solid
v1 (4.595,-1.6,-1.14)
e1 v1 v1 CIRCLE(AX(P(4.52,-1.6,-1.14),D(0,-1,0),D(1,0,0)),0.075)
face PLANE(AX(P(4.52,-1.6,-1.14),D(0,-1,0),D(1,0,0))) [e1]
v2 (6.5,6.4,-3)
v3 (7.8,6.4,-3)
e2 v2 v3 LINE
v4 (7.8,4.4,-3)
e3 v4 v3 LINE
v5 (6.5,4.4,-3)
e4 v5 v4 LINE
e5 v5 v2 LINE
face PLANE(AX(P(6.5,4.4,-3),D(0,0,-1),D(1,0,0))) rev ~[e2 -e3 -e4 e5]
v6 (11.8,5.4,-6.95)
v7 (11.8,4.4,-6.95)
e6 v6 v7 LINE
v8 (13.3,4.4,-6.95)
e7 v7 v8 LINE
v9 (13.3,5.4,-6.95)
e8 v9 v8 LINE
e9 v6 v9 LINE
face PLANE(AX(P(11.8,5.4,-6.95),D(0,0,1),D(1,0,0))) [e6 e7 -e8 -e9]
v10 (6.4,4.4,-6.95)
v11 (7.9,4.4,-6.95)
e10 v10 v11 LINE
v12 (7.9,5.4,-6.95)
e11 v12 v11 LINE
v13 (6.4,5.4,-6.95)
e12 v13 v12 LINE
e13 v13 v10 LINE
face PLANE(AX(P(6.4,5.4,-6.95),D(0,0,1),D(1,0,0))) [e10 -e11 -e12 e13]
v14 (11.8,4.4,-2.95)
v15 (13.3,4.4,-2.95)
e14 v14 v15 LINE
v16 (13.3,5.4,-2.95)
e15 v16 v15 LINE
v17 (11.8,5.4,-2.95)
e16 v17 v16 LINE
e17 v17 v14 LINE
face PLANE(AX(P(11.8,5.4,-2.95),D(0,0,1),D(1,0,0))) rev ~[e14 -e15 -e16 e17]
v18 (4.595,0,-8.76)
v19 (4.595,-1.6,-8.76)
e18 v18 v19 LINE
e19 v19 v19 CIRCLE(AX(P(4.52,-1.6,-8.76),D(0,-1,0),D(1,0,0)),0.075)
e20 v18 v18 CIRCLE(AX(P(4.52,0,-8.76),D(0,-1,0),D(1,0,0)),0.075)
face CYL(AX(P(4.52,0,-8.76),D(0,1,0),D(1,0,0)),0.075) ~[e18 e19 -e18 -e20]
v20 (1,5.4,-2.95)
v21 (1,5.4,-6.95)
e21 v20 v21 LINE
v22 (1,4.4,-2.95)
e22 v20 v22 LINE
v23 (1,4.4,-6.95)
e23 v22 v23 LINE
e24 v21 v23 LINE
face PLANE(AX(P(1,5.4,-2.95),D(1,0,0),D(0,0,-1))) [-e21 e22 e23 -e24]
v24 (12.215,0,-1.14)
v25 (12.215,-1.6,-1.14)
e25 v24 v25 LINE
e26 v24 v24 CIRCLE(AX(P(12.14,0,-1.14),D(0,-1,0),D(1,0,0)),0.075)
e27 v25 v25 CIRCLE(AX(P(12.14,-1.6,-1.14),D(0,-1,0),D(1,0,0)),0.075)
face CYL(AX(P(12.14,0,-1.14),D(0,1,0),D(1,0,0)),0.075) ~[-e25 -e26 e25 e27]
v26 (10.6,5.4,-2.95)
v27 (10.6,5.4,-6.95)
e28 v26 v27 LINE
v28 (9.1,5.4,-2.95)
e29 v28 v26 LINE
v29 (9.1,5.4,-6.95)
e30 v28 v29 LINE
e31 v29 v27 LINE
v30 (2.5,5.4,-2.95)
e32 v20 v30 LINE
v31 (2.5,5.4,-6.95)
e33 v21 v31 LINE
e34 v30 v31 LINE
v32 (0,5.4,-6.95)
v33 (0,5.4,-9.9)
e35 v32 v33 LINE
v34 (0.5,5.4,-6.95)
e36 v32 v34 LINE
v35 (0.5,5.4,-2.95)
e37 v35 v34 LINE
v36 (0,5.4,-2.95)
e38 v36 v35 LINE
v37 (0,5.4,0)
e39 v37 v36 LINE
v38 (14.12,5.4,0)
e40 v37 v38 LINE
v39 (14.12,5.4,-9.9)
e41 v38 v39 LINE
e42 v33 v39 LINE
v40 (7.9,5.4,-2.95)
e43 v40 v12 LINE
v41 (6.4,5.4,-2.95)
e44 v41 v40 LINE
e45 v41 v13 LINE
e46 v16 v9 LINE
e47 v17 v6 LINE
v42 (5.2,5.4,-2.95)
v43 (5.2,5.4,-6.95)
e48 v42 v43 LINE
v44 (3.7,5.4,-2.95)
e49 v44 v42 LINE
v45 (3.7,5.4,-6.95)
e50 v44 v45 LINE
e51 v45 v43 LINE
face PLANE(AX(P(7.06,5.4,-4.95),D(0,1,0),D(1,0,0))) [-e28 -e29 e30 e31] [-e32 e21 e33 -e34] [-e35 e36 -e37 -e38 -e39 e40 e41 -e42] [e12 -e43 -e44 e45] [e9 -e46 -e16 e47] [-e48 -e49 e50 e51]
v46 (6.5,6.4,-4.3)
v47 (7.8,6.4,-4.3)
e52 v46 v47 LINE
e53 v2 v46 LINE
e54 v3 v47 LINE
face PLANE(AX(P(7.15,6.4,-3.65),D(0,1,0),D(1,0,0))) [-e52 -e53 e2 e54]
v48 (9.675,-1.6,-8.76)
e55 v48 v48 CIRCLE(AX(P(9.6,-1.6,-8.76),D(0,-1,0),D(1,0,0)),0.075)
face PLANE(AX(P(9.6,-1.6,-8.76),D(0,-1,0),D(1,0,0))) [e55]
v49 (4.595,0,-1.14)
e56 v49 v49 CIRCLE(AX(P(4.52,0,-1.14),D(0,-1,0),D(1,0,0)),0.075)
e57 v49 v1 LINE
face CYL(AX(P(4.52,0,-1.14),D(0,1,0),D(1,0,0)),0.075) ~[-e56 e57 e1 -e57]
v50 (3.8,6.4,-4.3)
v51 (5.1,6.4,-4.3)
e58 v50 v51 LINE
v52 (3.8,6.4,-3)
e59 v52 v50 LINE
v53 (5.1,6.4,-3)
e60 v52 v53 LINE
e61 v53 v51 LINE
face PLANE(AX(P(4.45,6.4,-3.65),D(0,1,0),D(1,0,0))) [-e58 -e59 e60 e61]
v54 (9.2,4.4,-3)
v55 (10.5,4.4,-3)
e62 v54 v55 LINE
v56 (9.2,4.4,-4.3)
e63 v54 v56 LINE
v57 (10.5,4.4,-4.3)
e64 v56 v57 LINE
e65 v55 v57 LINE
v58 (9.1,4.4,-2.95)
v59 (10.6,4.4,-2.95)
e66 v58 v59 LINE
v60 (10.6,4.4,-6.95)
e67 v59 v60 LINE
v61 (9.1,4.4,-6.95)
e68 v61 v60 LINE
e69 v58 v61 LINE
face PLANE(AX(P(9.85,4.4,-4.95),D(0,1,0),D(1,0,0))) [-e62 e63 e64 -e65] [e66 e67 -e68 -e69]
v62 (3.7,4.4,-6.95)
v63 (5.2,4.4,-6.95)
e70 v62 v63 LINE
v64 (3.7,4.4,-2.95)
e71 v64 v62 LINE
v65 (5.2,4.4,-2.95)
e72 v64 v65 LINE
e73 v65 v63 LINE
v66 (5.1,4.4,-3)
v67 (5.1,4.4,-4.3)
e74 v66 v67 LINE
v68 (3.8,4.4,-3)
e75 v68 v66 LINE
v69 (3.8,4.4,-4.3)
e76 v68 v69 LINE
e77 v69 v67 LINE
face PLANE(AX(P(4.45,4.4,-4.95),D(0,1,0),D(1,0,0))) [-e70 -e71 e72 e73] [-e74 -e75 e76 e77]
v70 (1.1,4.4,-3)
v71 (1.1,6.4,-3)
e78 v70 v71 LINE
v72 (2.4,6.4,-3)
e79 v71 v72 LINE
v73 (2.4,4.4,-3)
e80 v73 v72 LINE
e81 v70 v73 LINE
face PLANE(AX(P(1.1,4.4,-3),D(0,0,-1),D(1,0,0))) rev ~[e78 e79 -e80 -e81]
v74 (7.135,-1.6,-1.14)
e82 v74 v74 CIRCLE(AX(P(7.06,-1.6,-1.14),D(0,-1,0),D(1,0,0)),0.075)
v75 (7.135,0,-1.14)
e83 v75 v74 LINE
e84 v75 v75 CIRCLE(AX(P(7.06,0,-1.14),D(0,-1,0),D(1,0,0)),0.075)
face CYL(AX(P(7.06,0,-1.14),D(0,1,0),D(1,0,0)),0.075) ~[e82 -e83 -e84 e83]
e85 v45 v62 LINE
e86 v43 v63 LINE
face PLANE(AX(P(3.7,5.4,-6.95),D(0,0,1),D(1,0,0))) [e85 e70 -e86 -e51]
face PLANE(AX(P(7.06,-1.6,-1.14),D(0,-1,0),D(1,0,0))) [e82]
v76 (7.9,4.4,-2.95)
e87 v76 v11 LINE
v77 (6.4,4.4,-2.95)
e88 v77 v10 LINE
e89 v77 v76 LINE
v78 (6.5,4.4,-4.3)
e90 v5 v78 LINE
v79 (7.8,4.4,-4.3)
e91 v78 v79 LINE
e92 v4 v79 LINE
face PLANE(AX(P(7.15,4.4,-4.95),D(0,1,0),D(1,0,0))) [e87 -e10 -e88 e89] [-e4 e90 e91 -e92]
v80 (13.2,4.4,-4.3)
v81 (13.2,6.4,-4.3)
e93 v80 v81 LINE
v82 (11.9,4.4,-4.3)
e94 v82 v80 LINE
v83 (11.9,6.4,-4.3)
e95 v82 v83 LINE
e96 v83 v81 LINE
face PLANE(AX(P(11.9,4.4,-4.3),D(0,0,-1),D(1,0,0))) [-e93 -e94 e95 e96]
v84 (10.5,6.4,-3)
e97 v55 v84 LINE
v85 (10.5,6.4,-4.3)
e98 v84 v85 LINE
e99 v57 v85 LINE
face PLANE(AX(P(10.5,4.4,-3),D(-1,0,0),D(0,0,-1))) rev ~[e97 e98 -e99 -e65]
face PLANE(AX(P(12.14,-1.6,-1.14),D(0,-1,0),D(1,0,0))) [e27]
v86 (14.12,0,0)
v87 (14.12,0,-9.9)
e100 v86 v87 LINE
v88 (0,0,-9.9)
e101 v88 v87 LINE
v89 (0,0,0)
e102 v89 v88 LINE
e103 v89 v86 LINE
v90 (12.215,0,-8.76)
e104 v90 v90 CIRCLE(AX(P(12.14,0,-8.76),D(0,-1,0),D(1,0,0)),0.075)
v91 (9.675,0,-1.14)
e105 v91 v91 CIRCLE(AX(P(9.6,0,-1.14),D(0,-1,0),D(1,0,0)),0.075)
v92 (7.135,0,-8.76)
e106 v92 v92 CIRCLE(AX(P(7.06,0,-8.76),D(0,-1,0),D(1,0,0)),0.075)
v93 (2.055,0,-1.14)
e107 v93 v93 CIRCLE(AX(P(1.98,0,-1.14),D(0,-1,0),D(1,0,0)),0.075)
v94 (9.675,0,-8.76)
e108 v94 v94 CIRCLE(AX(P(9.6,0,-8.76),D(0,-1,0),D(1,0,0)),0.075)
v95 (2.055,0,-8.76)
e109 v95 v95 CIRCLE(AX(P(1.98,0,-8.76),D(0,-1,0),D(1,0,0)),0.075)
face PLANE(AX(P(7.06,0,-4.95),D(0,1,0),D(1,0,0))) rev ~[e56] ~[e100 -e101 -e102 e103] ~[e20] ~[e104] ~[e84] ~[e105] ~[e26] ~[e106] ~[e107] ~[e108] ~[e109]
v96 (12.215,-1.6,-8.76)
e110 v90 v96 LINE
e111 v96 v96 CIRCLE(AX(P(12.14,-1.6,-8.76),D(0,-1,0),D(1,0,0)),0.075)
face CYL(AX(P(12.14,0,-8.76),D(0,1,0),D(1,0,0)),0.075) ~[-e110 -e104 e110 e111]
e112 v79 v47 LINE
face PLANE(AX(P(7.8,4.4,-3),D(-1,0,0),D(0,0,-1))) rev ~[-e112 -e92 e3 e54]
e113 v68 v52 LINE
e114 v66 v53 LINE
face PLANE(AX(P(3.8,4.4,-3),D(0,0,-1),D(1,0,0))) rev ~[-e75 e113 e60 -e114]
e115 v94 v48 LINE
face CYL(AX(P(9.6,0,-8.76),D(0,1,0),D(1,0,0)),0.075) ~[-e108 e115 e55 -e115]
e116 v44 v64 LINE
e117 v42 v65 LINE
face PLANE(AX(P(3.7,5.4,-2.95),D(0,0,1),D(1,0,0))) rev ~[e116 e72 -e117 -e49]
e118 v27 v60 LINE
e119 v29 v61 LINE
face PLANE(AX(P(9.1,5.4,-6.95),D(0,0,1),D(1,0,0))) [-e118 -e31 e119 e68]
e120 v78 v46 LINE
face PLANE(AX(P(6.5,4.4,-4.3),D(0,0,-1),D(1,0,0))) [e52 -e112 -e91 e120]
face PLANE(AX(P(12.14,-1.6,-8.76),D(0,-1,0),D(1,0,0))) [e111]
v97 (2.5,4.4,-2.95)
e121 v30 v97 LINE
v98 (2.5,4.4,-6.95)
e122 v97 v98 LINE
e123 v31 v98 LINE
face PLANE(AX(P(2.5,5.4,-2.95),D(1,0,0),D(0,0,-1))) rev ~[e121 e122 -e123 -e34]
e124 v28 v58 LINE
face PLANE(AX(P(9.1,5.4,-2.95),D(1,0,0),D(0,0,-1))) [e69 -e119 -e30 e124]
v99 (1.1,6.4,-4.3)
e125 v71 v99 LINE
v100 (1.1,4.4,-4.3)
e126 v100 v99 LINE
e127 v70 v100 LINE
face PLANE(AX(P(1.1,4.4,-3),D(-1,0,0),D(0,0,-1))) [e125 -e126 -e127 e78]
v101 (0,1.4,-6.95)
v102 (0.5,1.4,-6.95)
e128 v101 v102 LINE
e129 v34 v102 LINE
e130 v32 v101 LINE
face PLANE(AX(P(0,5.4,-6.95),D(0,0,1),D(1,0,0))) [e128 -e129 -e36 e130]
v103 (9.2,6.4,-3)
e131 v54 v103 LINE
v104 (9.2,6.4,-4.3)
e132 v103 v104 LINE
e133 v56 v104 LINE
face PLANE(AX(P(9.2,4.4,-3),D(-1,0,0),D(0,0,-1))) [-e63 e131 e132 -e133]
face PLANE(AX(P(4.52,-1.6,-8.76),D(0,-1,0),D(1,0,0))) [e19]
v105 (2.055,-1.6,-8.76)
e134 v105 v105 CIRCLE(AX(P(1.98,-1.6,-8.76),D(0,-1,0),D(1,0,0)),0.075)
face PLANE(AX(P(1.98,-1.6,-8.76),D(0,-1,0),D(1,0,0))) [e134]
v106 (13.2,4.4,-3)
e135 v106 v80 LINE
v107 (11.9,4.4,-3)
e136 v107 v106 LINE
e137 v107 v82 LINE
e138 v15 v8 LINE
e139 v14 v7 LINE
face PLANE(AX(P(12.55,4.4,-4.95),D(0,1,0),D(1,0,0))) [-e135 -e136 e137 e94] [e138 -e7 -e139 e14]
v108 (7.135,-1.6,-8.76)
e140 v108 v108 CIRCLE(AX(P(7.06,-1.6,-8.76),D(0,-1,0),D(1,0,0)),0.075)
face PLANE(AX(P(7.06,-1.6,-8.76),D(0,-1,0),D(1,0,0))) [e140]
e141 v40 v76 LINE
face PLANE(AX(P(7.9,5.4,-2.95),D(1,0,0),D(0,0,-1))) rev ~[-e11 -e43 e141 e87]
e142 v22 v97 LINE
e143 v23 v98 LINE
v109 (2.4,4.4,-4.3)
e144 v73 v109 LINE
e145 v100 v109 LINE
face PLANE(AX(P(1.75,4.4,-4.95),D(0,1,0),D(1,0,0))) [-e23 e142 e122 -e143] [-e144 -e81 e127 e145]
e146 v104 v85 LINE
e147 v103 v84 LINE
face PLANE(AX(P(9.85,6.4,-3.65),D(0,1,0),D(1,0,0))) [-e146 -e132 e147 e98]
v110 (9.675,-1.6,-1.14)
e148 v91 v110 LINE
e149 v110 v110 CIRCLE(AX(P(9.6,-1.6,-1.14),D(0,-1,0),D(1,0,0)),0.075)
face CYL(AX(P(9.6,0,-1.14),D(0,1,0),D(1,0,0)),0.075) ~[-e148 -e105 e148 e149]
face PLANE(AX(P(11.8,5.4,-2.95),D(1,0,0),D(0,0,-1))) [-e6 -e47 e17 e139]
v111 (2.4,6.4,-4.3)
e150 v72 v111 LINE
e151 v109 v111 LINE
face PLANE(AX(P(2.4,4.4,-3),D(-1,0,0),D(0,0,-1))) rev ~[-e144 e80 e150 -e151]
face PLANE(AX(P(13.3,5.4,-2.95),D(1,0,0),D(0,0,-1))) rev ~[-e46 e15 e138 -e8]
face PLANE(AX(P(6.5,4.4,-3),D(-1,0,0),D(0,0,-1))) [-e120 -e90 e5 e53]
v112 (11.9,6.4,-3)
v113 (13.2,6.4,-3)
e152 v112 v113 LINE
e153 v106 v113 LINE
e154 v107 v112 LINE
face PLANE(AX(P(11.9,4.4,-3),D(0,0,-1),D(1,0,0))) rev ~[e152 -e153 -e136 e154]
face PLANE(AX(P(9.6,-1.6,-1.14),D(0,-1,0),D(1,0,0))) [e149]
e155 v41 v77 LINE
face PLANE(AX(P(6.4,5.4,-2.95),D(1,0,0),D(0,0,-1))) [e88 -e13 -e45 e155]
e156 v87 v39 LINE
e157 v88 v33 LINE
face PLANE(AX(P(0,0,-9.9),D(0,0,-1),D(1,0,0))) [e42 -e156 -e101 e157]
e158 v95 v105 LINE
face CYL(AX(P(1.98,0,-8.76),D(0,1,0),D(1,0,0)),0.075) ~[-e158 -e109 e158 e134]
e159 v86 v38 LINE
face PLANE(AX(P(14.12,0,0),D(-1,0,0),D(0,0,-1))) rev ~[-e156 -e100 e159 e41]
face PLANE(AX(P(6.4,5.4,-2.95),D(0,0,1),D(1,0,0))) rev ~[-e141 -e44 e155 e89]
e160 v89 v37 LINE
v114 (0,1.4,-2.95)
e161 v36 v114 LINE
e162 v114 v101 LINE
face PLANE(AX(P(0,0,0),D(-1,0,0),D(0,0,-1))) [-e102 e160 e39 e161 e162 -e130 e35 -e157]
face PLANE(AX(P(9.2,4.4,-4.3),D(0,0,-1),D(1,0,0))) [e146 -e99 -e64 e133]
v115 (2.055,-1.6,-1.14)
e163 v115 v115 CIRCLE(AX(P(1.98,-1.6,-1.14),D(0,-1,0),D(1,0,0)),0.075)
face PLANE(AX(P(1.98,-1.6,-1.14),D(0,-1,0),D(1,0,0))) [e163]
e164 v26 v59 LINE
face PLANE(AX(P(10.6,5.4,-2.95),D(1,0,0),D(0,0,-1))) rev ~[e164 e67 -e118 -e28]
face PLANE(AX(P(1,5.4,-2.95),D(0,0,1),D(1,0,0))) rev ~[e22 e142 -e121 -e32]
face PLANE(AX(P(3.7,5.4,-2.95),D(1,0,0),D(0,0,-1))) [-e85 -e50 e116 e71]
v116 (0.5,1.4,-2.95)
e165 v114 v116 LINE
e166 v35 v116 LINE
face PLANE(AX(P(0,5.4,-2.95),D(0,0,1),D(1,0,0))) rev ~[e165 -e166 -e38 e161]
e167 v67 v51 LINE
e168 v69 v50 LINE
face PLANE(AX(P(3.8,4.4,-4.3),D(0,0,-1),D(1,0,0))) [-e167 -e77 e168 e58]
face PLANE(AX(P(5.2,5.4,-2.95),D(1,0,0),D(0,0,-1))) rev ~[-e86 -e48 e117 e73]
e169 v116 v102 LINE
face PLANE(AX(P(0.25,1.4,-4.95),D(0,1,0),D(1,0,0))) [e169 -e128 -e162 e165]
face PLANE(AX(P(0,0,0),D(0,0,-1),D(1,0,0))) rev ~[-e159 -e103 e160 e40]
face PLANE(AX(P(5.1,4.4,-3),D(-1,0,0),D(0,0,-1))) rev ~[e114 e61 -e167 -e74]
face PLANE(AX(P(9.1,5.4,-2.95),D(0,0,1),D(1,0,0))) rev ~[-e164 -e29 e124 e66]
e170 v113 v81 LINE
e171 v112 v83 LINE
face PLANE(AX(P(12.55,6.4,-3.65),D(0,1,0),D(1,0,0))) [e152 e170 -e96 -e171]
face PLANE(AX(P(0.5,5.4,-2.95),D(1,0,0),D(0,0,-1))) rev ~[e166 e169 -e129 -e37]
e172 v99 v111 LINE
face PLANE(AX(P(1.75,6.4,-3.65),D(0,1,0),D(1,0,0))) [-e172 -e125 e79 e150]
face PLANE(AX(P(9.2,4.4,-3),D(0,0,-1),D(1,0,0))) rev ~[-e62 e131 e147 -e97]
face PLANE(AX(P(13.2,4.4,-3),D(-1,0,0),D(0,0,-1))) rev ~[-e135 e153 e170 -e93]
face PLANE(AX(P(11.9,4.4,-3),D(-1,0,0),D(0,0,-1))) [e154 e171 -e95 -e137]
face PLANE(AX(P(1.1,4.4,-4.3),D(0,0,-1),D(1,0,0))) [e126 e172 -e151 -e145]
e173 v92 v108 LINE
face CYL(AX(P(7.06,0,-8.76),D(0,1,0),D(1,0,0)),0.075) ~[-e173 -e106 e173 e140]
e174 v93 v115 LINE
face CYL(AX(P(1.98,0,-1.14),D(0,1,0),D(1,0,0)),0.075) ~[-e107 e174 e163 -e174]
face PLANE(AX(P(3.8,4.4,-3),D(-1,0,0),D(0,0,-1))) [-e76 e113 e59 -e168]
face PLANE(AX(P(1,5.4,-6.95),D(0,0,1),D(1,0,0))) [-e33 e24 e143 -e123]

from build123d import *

# Parameters (mm, degrees)
SKETCH_1_W          = 14.12
SKETCH_1_H          = 9.9
EXTRUDE_1_DEPTH     = 5.4
SKETCH_2_R          = 0.075
EXTRUDE_2_DEPTH     = 1.6
SKETCH_3_W          = 0.5
SKETCH_3_H          = 4
CUT_EXTRUDE_1_DEPTH = 4
SKETCH_4_W          = 1.5
SKETCH_4_H          = 4
CUT_EXTRUDE_2_DEPTH = 1
SKETCH_5_W          = 1.3
SKETCH_5_H          = 1.3
EXTRUDE_3_DEPTH     = 2


with BuildPart() as part:
    # 草图1 → 凸台-拉伸1 (new body)
    with BuildSketch(Plane(origin=(0, 0, 0), x_dir=(1, 0, 0), z_dir=(0, 1, 0))):
        with Locations((7.06, 4.95)):
            Rectangle(SKETCH_1_W, SKETCH_1_H)
    extrude(amount=EXTRUDE_1_DEPTH)

    # 草图2 → 凸台-拉伸2 (add)
    with BuildSketch(Plane.XZ):
        with Locations((1.98, -1.14)):
            Circle(SKETCH_2_R)
        with Locations((4.52, -1.14)):
            Circle(SKETCH_2_R)
        with Locations((7.06, -1.14)):
            Circle(SKETCH_2_R)
        with Locations((9.6, -1.14)):
            Circle(SKETCH_2_R)
        with Locations((12.14, -1.14)):
            Circle(SKETCH_2_R)
        with Locations((4.52, -8.76)):
            Circle(SKETCH_2_R)
        with Locations((7.06, -8.76)):
            Circle(SKETCH_2_R)
        with Locations((9.6, -8.76)):
            Circle(SKETCH_2_R)
        with Locations((12.14, -8.76)):
            Circle(SKETCH_2_R)
        with Locations((1.98, -8.76)):
            Circle(SKETCH_2_R)
    extrude(amount=EXTRUDE_2_DEPTH)

    # 草图3 → 切除-拉伸1 (cut)
    with BuildSketch(Plane(origin=(0, 5.4, 0), x_dir=(1, 0, 0), z_dir=(0, 1, 0))):
        with Locations((0.25, 4.95)):
            Rectangle(SKETCH_3_W, SKETCH_3_H)
    extrude(amount=-CUT_EXTRUDE_1_DEPTH, mode=Mode.SUBTRACT)

    # 草图4 → 切除-拉伸2 (cut)
    with BuildSketch(Plane(origin=(0, 5.4, 0), x_dir=(1, 0, 0), z_dir=(0, 1, 0))):
        with Locations((4.45, 4.95)):
            Rectangle(SKETCH_4_W, SKETCH_4_H)
        with Locations((1.75, 4.95)):
            Rectangle(SKETCH_4_W, SKETCH_4_H)
        with Locations((7.15, 4.95)):
            Rectangle(SKETCH_4_W, SKETCH_4_H)
        with Locations((9.85, 4.95)):
            Rectangle(SKETCH_4_W, SKETCH_4_H)
        with Locations((12.55, 4.95)):
            Rectangle(SKETCH_4_W, SKETCH_4_H)
    extrude(amount=-CUT_EXTRUDE_2_DEPTH, mode=Mode.SUBTRACT)

    # 草图5 → 凸台-拉伸3 (add)
    with BuildSketch(Plane(origin=(0, 4.4, 0), x_dir=(1, 0, 0), z_dir=(0, 1, 0))):
        with Locations((4.45, 3.65)):
            Rectangle(SKETCH_5_W, SKETCH_5_H)
        with Locations((1.75, 3.65)):
            Rectangle(SKETCH_5_W, SKETCH_5_H)
        with Locations((7.15, 3.65)):
            Rectangle(SKETCH_5_W, SKETCH_5_H)
        with Locations((9.85, 3.65)):
            Rectangle(SKETCH_5_W, SKETCH_5_H)
        with Locations((12.55, 3.65)):
            Rectangle(SKETCH_5_W, SKETCH_5_H)
    extrude(amount=EXTRUDE_3_DEPTH)


solid = part.part
